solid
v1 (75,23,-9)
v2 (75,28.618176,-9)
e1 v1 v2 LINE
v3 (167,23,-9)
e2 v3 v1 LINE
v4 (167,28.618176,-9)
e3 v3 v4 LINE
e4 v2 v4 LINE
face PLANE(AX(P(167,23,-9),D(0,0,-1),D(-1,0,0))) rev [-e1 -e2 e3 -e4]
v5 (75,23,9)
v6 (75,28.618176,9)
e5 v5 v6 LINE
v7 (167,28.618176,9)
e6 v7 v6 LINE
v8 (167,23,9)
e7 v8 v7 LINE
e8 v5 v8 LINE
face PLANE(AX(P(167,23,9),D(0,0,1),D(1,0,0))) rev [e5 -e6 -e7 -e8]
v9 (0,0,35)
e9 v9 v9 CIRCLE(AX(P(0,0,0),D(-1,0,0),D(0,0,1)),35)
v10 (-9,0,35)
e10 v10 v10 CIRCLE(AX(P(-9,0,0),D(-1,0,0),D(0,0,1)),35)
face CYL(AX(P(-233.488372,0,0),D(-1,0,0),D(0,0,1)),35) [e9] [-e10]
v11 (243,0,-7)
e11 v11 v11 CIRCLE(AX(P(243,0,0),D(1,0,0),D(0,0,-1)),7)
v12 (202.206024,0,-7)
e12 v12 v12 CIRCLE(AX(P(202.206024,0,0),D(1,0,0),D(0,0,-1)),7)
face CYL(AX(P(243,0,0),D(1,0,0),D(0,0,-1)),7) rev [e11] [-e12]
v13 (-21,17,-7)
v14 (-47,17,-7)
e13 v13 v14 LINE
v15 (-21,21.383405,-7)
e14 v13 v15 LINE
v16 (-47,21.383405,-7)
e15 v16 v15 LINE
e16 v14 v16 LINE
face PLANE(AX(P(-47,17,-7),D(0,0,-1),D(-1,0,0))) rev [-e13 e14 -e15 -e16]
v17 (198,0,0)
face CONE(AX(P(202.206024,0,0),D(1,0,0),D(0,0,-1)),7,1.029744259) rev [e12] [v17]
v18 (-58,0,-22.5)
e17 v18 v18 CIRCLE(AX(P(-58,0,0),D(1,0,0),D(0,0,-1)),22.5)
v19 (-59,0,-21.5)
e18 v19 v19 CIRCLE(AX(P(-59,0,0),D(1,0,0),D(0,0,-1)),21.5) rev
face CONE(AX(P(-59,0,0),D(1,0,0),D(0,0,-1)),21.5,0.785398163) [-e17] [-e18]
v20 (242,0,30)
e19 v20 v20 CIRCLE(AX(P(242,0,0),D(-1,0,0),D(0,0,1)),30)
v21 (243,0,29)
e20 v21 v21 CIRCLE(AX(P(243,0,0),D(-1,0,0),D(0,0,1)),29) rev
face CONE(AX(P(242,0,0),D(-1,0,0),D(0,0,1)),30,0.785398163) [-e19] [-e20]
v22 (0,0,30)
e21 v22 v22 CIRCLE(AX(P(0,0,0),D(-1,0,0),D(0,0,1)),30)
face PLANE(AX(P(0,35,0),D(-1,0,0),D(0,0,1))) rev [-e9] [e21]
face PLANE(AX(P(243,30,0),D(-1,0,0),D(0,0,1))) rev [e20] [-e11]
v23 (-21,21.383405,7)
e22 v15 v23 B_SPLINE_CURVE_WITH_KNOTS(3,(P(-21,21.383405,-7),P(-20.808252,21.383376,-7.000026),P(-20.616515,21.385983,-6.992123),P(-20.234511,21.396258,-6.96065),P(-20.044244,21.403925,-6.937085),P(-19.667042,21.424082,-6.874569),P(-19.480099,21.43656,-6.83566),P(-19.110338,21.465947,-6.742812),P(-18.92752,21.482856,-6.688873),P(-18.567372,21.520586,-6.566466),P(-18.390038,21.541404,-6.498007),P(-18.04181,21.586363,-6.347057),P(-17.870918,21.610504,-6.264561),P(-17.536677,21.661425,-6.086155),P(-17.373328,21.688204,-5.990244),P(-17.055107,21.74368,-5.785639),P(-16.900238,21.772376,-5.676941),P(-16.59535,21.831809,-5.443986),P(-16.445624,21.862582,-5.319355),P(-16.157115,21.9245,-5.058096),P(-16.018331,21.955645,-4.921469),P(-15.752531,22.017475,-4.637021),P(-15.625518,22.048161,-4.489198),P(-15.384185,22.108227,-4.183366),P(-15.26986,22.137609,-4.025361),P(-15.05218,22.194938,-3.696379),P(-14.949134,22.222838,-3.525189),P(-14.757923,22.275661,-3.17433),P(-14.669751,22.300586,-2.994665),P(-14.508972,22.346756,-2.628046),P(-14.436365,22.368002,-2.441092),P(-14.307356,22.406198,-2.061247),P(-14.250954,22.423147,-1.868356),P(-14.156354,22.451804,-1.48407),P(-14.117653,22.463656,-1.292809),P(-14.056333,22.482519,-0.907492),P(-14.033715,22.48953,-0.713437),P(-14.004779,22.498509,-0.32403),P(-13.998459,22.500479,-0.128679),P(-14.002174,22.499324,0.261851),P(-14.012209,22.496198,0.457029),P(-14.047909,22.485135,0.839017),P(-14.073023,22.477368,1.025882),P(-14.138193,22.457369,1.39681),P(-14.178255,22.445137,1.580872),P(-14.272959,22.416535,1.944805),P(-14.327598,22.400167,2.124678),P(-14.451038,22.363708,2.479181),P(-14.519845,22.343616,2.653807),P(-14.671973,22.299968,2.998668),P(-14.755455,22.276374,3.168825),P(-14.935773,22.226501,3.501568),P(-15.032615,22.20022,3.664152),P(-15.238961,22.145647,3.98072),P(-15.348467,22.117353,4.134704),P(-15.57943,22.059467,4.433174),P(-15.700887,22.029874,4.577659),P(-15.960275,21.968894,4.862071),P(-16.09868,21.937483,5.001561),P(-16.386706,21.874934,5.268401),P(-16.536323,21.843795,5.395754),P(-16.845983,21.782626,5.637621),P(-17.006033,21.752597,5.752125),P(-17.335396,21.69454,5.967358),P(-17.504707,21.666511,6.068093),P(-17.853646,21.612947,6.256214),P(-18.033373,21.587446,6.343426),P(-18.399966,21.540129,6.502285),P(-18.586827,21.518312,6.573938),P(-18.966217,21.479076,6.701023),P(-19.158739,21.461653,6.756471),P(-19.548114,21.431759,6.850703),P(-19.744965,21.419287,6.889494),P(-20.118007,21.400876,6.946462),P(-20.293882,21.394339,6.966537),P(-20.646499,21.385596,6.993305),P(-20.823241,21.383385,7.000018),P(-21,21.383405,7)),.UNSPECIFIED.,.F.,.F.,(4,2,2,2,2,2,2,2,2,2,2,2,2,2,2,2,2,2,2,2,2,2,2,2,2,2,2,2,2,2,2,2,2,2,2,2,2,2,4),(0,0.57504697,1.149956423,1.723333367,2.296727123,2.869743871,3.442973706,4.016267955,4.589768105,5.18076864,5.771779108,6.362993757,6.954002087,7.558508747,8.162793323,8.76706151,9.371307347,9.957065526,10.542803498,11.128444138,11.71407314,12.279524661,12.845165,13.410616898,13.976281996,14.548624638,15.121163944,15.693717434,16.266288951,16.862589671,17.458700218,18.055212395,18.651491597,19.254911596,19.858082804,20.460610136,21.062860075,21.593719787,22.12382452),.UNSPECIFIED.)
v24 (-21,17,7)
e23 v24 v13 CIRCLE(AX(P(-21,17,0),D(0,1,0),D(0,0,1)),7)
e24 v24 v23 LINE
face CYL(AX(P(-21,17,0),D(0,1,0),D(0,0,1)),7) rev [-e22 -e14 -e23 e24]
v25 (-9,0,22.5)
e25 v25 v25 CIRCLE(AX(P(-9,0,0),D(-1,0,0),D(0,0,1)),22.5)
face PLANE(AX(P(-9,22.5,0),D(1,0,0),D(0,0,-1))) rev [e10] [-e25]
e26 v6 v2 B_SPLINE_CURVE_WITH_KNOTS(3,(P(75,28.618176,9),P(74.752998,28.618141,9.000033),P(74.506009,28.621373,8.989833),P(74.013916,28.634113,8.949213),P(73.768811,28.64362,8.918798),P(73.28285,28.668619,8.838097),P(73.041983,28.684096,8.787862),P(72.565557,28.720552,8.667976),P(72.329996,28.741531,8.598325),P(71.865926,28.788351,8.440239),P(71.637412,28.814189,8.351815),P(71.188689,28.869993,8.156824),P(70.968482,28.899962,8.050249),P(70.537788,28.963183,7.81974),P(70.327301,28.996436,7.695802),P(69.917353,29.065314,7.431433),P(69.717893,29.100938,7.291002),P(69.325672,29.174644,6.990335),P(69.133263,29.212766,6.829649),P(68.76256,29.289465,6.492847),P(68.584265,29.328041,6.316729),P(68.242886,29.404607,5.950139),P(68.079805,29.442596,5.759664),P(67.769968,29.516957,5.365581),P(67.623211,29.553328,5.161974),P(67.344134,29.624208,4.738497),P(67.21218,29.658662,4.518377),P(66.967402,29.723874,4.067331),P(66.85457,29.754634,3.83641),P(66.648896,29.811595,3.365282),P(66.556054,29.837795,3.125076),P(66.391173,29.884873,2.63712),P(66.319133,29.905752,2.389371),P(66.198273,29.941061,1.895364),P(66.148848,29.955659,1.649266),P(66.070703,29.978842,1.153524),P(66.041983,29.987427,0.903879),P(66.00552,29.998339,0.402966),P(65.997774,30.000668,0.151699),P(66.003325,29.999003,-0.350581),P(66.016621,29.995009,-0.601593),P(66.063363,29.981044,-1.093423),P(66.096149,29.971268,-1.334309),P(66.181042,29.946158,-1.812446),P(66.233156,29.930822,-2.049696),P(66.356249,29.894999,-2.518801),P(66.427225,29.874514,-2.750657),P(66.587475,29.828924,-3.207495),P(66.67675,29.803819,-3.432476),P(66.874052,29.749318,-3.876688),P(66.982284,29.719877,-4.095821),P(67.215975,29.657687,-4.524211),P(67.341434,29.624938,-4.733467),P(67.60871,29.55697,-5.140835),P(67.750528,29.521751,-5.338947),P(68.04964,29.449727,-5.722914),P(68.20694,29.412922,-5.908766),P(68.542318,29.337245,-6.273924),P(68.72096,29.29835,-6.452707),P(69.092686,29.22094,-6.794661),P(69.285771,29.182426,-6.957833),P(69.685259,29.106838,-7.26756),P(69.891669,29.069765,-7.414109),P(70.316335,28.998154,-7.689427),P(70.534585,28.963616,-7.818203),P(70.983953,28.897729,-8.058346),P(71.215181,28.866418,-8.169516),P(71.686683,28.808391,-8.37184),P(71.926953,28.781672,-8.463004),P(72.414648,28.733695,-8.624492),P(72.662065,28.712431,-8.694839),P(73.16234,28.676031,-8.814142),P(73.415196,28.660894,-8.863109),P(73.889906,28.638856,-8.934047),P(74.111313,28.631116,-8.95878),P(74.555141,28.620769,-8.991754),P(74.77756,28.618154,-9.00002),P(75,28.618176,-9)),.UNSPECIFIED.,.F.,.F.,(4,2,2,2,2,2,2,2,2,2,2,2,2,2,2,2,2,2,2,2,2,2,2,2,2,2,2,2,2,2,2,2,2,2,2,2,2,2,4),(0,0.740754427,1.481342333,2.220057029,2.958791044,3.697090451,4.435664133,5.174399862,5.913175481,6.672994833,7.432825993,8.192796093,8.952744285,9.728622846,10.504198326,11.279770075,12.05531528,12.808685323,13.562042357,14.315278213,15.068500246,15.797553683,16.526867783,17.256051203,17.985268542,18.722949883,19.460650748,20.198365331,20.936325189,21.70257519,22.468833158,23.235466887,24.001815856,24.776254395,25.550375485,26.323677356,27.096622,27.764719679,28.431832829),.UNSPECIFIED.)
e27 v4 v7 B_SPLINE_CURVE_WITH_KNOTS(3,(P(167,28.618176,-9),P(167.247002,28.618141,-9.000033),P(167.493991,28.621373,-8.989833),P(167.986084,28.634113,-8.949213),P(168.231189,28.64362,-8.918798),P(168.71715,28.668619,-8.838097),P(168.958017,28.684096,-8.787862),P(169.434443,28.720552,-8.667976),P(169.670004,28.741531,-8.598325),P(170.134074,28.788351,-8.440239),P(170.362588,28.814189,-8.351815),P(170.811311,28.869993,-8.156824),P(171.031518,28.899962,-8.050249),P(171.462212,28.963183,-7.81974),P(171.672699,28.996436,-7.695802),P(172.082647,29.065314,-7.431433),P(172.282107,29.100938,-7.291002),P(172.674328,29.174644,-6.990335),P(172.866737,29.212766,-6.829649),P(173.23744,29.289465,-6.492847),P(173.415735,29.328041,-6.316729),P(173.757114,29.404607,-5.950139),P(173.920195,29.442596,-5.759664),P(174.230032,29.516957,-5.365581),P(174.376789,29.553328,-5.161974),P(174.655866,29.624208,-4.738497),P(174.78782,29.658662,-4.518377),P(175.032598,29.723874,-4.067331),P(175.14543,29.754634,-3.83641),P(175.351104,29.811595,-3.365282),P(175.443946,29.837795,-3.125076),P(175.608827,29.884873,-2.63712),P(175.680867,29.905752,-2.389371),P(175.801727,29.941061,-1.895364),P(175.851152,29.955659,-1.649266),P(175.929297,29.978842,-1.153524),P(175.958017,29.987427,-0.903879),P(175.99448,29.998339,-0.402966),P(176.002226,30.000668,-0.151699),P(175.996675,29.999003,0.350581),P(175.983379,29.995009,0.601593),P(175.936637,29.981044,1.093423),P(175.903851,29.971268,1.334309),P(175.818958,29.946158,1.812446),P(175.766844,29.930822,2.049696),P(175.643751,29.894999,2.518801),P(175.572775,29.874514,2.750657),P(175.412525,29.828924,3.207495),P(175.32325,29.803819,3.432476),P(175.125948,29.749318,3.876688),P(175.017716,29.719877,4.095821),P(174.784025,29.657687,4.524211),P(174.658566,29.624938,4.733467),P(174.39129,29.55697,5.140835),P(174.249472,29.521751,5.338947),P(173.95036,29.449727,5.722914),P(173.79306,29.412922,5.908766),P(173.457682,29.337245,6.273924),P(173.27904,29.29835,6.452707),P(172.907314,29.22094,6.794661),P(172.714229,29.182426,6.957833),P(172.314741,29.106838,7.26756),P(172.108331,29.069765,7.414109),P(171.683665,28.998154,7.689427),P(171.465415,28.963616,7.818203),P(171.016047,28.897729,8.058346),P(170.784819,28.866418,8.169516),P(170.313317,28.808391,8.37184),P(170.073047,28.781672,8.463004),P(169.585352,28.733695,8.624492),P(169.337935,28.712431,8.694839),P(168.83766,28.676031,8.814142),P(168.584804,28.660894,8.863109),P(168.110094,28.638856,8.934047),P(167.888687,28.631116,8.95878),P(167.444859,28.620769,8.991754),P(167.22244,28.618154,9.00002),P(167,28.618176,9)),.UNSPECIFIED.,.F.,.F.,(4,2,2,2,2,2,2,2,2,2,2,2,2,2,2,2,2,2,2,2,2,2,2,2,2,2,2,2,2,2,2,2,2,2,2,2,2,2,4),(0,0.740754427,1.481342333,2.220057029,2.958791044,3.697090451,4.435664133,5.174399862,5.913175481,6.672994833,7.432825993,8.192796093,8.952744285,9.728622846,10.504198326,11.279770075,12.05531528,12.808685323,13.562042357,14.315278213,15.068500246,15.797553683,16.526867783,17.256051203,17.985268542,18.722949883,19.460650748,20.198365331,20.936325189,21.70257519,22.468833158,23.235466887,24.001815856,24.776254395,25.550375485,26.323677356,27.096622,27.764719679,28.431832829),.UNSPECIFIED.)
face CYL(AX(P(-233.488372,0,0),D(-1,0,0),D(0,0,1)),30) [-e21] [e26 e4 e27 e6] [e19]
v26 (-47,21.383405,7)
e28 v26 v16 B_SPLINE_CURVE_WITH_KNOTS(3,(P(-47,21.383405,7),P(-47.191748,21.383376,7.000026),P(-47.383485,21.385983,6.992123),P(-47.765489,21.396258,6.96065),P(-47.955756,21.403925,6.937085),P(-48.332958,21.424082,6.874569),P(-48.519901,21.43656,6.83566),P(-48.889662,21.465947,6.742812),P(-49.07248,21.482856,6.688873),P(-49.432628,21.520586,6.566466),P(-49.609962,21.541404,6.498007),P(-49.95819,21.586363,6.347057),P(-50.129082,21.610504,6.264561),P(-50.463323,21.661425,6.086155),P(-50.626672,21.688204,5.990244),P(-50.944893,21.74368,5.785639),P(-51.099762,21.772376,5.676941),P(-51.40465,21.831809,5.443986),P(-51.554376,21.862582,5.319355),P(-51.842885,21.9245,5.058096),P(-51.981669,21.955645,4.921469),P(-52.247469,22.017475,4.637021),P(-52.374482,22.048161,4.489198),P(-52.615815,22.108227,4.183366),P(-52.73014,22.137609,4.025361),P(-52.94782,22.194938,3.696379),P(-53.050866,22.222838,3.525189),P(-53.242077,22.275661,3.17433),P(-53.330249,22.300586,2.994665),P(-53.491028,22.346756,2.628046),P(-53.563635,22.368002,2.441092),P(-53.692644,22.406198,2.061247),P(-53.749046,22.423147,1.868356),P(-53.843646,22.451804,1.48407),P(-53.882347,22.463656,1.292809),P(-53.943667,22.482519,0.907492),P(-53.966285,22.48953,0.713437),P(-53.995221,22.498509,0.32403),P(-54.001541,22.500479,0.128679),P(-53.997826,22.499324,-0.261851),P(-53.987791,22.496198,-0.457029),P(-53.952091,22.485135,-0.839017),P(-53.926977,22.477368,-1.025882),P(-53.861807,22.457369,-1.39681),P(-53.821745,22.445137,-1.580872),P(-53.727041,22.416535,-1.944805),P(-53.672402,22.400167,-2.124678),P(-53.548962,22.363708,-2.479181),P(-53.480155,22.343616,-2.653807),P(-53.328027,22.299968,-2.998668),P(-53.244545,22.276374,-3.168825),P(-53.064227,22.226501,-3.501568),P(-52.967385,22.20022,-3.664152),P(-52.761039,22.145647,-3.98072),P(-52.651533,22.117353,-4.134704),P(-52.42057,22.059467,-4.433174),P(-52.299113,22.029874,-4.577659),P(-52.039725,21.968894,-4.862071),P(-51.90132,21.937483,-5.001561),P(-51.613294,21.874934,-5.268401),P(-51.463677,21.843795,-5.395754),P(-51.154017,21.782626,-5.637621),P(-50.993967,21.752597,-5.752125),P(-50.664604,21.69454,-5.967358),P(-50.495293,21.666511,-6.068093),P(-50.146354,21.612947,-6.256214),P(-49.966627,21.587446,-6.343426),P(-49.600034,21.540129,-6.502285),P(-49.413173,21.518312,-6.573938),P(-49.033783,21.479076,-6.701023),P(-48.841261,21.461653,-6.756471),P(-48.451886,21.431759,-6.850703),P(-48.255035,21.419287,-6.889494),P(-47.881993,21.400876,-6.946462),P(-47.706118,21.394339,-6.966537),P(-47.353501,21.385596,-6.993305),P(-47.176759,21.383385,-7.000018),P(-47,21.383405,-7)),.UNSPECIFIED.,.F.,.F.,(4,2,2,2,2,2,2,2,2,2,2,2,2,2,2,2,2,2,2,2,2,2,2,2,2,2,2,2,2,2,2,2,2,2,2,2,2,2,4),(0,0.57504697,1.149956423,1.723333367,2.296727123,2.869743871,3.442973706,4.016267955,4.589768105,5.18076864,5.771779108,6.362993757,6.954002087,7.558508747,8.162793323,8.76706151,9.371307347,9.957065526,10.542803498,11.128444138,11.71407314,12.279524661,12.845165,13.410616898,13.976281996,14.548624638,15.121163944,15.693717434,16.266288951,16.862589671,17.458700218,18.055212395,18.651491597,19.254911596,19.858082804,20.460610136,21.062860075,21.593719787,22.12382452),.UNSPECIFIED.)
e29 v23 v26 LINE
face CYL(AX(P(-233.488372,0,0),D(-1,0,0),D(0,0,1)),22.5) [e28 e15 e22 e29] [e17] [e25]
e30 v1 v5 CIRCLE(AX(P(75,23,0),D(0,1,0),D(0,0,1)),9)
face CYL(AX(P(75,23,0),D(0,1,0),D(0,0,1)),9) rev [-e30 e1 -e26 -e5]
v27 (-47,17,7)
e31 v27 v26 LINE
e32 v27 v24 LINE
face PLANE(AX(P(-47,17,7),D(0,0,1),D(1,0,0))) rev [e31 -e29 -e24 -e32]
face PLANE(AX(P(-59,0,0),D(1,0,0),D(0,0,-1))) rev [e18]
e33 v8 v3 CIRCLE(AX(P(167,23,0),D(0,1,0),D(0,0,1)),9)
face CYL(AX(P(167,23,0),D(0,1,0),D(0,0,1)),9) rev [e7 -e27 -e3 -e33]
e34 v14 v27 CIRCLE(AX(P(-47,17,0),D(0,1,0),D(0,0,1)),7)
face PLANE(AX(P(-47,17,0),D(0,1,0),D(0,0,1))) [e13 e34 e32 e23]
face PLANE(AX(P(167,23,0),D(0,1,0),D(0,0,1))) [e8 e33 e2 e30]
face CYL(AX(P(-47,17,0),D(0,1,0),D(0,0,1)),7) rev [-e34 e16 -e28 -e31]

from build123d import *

# Parameters (mm, degrees)
CHAMFER_1_SIZE         = 1
HOLE_WIZARD_M161_D     = 14
HOLE_WIZARD_M161_DEPTH = 40.793975667
HOLE_WIZARD_M161_TIP   = 4.206024333
CUT_EXTRUDE_1_DEPTH    = 7
CUT_EXTRUDE_2_DEPTH    = 5.5


with BuildPart() as part:
    # Эскиз1 → Повернуть1 (revolve)
    with BuildSketch(Plane.XY, mode=Mode.PRIVATE) as revolve_1_sk:
        Polygon((-59, 0), (-59, 22.5), (-9, 22.5), (-9, 35), (0, 35), (0, 30), (243, 30), (243, 0), align=None)
    revolve(revolve_1_sk.sketch.rotate(Axis((-233.488372093, 0, 0), (1, 0, 0)), 90), axis=Axis((-233.488372093, 0, 0), (1, 0, 0)))

    # Фаска1
    chamfer_1_edges = [part.edges().sort_by_distance(p)[0] for p in [
        (243, 0, -30),
        (-59, 0, -22.5),
    ]]
    chamfer(chamfer_1_edges, length=CHAMFER_1_SIZE)

    # Отверстие обработанное метчиком M161
    with Locations(Plane(origin=(243, 0, 0), x_dir=(0, 0, -1), z_dir=(1, 0, 0))):
        with Locations((0, 0)):
            Hole(HOLE_WIZARD_M161_D / 2, depth=HOLE_WIZARD_M161_DEPTH)
            with Locations((0, 0, -(HOLE_WIZARD_M161_DEPTH + HOLE_WIZARD_M161_TIP / 2))):  # 118° drill point
                Cone(0, HOLE_WIZARD_M161_D / 2, HOLE_WIZARD_M161_TIP, mode=Mode.SUBTRACT)

    # Эскиз4 → Вырез-Вытянуть1 (cut)
    with BuildSketch(Plane(origin=(0, 30, 0), x_dir=(1, 0, 0), z_dir=(0, 1, 0))):
        with BuildLine():
            Line((167, -9), (75, -9))
            ThreePointArc((75, -9), (66, 0), (75, 9))
            Line((75, 9), (167, 9))
            ThreePointArc((167, 9), (176, 0), (167, -9))
        make_face()
    extrude(amount=-CUT_EXTRUDE_1_DEPTH, mode=Mode.SUBTRACT)

    # Эскиз5 → Вырез-Вытянуть2 (cut)
    with BuildSketch(Plane(origin=(0, 22.5, 0), x_dir=(1, 0, 0), z_dir=(0, 1, 0))):
        with BuildLine():
            Line((-47, 7), (-21, 7))
            ThreePointArc((-21, 7), (-14, 0), (-21, -7))
            Line((-21, -7), (-47, -7))
            ThreePointArc((-47, -7), (-54, 0), (-47, 7))
        make_face()
    extrude(amount=-CUT_EXTRUDE_2_DEPTH, mode=Mode.SUBTRACT)


solid = part.part
